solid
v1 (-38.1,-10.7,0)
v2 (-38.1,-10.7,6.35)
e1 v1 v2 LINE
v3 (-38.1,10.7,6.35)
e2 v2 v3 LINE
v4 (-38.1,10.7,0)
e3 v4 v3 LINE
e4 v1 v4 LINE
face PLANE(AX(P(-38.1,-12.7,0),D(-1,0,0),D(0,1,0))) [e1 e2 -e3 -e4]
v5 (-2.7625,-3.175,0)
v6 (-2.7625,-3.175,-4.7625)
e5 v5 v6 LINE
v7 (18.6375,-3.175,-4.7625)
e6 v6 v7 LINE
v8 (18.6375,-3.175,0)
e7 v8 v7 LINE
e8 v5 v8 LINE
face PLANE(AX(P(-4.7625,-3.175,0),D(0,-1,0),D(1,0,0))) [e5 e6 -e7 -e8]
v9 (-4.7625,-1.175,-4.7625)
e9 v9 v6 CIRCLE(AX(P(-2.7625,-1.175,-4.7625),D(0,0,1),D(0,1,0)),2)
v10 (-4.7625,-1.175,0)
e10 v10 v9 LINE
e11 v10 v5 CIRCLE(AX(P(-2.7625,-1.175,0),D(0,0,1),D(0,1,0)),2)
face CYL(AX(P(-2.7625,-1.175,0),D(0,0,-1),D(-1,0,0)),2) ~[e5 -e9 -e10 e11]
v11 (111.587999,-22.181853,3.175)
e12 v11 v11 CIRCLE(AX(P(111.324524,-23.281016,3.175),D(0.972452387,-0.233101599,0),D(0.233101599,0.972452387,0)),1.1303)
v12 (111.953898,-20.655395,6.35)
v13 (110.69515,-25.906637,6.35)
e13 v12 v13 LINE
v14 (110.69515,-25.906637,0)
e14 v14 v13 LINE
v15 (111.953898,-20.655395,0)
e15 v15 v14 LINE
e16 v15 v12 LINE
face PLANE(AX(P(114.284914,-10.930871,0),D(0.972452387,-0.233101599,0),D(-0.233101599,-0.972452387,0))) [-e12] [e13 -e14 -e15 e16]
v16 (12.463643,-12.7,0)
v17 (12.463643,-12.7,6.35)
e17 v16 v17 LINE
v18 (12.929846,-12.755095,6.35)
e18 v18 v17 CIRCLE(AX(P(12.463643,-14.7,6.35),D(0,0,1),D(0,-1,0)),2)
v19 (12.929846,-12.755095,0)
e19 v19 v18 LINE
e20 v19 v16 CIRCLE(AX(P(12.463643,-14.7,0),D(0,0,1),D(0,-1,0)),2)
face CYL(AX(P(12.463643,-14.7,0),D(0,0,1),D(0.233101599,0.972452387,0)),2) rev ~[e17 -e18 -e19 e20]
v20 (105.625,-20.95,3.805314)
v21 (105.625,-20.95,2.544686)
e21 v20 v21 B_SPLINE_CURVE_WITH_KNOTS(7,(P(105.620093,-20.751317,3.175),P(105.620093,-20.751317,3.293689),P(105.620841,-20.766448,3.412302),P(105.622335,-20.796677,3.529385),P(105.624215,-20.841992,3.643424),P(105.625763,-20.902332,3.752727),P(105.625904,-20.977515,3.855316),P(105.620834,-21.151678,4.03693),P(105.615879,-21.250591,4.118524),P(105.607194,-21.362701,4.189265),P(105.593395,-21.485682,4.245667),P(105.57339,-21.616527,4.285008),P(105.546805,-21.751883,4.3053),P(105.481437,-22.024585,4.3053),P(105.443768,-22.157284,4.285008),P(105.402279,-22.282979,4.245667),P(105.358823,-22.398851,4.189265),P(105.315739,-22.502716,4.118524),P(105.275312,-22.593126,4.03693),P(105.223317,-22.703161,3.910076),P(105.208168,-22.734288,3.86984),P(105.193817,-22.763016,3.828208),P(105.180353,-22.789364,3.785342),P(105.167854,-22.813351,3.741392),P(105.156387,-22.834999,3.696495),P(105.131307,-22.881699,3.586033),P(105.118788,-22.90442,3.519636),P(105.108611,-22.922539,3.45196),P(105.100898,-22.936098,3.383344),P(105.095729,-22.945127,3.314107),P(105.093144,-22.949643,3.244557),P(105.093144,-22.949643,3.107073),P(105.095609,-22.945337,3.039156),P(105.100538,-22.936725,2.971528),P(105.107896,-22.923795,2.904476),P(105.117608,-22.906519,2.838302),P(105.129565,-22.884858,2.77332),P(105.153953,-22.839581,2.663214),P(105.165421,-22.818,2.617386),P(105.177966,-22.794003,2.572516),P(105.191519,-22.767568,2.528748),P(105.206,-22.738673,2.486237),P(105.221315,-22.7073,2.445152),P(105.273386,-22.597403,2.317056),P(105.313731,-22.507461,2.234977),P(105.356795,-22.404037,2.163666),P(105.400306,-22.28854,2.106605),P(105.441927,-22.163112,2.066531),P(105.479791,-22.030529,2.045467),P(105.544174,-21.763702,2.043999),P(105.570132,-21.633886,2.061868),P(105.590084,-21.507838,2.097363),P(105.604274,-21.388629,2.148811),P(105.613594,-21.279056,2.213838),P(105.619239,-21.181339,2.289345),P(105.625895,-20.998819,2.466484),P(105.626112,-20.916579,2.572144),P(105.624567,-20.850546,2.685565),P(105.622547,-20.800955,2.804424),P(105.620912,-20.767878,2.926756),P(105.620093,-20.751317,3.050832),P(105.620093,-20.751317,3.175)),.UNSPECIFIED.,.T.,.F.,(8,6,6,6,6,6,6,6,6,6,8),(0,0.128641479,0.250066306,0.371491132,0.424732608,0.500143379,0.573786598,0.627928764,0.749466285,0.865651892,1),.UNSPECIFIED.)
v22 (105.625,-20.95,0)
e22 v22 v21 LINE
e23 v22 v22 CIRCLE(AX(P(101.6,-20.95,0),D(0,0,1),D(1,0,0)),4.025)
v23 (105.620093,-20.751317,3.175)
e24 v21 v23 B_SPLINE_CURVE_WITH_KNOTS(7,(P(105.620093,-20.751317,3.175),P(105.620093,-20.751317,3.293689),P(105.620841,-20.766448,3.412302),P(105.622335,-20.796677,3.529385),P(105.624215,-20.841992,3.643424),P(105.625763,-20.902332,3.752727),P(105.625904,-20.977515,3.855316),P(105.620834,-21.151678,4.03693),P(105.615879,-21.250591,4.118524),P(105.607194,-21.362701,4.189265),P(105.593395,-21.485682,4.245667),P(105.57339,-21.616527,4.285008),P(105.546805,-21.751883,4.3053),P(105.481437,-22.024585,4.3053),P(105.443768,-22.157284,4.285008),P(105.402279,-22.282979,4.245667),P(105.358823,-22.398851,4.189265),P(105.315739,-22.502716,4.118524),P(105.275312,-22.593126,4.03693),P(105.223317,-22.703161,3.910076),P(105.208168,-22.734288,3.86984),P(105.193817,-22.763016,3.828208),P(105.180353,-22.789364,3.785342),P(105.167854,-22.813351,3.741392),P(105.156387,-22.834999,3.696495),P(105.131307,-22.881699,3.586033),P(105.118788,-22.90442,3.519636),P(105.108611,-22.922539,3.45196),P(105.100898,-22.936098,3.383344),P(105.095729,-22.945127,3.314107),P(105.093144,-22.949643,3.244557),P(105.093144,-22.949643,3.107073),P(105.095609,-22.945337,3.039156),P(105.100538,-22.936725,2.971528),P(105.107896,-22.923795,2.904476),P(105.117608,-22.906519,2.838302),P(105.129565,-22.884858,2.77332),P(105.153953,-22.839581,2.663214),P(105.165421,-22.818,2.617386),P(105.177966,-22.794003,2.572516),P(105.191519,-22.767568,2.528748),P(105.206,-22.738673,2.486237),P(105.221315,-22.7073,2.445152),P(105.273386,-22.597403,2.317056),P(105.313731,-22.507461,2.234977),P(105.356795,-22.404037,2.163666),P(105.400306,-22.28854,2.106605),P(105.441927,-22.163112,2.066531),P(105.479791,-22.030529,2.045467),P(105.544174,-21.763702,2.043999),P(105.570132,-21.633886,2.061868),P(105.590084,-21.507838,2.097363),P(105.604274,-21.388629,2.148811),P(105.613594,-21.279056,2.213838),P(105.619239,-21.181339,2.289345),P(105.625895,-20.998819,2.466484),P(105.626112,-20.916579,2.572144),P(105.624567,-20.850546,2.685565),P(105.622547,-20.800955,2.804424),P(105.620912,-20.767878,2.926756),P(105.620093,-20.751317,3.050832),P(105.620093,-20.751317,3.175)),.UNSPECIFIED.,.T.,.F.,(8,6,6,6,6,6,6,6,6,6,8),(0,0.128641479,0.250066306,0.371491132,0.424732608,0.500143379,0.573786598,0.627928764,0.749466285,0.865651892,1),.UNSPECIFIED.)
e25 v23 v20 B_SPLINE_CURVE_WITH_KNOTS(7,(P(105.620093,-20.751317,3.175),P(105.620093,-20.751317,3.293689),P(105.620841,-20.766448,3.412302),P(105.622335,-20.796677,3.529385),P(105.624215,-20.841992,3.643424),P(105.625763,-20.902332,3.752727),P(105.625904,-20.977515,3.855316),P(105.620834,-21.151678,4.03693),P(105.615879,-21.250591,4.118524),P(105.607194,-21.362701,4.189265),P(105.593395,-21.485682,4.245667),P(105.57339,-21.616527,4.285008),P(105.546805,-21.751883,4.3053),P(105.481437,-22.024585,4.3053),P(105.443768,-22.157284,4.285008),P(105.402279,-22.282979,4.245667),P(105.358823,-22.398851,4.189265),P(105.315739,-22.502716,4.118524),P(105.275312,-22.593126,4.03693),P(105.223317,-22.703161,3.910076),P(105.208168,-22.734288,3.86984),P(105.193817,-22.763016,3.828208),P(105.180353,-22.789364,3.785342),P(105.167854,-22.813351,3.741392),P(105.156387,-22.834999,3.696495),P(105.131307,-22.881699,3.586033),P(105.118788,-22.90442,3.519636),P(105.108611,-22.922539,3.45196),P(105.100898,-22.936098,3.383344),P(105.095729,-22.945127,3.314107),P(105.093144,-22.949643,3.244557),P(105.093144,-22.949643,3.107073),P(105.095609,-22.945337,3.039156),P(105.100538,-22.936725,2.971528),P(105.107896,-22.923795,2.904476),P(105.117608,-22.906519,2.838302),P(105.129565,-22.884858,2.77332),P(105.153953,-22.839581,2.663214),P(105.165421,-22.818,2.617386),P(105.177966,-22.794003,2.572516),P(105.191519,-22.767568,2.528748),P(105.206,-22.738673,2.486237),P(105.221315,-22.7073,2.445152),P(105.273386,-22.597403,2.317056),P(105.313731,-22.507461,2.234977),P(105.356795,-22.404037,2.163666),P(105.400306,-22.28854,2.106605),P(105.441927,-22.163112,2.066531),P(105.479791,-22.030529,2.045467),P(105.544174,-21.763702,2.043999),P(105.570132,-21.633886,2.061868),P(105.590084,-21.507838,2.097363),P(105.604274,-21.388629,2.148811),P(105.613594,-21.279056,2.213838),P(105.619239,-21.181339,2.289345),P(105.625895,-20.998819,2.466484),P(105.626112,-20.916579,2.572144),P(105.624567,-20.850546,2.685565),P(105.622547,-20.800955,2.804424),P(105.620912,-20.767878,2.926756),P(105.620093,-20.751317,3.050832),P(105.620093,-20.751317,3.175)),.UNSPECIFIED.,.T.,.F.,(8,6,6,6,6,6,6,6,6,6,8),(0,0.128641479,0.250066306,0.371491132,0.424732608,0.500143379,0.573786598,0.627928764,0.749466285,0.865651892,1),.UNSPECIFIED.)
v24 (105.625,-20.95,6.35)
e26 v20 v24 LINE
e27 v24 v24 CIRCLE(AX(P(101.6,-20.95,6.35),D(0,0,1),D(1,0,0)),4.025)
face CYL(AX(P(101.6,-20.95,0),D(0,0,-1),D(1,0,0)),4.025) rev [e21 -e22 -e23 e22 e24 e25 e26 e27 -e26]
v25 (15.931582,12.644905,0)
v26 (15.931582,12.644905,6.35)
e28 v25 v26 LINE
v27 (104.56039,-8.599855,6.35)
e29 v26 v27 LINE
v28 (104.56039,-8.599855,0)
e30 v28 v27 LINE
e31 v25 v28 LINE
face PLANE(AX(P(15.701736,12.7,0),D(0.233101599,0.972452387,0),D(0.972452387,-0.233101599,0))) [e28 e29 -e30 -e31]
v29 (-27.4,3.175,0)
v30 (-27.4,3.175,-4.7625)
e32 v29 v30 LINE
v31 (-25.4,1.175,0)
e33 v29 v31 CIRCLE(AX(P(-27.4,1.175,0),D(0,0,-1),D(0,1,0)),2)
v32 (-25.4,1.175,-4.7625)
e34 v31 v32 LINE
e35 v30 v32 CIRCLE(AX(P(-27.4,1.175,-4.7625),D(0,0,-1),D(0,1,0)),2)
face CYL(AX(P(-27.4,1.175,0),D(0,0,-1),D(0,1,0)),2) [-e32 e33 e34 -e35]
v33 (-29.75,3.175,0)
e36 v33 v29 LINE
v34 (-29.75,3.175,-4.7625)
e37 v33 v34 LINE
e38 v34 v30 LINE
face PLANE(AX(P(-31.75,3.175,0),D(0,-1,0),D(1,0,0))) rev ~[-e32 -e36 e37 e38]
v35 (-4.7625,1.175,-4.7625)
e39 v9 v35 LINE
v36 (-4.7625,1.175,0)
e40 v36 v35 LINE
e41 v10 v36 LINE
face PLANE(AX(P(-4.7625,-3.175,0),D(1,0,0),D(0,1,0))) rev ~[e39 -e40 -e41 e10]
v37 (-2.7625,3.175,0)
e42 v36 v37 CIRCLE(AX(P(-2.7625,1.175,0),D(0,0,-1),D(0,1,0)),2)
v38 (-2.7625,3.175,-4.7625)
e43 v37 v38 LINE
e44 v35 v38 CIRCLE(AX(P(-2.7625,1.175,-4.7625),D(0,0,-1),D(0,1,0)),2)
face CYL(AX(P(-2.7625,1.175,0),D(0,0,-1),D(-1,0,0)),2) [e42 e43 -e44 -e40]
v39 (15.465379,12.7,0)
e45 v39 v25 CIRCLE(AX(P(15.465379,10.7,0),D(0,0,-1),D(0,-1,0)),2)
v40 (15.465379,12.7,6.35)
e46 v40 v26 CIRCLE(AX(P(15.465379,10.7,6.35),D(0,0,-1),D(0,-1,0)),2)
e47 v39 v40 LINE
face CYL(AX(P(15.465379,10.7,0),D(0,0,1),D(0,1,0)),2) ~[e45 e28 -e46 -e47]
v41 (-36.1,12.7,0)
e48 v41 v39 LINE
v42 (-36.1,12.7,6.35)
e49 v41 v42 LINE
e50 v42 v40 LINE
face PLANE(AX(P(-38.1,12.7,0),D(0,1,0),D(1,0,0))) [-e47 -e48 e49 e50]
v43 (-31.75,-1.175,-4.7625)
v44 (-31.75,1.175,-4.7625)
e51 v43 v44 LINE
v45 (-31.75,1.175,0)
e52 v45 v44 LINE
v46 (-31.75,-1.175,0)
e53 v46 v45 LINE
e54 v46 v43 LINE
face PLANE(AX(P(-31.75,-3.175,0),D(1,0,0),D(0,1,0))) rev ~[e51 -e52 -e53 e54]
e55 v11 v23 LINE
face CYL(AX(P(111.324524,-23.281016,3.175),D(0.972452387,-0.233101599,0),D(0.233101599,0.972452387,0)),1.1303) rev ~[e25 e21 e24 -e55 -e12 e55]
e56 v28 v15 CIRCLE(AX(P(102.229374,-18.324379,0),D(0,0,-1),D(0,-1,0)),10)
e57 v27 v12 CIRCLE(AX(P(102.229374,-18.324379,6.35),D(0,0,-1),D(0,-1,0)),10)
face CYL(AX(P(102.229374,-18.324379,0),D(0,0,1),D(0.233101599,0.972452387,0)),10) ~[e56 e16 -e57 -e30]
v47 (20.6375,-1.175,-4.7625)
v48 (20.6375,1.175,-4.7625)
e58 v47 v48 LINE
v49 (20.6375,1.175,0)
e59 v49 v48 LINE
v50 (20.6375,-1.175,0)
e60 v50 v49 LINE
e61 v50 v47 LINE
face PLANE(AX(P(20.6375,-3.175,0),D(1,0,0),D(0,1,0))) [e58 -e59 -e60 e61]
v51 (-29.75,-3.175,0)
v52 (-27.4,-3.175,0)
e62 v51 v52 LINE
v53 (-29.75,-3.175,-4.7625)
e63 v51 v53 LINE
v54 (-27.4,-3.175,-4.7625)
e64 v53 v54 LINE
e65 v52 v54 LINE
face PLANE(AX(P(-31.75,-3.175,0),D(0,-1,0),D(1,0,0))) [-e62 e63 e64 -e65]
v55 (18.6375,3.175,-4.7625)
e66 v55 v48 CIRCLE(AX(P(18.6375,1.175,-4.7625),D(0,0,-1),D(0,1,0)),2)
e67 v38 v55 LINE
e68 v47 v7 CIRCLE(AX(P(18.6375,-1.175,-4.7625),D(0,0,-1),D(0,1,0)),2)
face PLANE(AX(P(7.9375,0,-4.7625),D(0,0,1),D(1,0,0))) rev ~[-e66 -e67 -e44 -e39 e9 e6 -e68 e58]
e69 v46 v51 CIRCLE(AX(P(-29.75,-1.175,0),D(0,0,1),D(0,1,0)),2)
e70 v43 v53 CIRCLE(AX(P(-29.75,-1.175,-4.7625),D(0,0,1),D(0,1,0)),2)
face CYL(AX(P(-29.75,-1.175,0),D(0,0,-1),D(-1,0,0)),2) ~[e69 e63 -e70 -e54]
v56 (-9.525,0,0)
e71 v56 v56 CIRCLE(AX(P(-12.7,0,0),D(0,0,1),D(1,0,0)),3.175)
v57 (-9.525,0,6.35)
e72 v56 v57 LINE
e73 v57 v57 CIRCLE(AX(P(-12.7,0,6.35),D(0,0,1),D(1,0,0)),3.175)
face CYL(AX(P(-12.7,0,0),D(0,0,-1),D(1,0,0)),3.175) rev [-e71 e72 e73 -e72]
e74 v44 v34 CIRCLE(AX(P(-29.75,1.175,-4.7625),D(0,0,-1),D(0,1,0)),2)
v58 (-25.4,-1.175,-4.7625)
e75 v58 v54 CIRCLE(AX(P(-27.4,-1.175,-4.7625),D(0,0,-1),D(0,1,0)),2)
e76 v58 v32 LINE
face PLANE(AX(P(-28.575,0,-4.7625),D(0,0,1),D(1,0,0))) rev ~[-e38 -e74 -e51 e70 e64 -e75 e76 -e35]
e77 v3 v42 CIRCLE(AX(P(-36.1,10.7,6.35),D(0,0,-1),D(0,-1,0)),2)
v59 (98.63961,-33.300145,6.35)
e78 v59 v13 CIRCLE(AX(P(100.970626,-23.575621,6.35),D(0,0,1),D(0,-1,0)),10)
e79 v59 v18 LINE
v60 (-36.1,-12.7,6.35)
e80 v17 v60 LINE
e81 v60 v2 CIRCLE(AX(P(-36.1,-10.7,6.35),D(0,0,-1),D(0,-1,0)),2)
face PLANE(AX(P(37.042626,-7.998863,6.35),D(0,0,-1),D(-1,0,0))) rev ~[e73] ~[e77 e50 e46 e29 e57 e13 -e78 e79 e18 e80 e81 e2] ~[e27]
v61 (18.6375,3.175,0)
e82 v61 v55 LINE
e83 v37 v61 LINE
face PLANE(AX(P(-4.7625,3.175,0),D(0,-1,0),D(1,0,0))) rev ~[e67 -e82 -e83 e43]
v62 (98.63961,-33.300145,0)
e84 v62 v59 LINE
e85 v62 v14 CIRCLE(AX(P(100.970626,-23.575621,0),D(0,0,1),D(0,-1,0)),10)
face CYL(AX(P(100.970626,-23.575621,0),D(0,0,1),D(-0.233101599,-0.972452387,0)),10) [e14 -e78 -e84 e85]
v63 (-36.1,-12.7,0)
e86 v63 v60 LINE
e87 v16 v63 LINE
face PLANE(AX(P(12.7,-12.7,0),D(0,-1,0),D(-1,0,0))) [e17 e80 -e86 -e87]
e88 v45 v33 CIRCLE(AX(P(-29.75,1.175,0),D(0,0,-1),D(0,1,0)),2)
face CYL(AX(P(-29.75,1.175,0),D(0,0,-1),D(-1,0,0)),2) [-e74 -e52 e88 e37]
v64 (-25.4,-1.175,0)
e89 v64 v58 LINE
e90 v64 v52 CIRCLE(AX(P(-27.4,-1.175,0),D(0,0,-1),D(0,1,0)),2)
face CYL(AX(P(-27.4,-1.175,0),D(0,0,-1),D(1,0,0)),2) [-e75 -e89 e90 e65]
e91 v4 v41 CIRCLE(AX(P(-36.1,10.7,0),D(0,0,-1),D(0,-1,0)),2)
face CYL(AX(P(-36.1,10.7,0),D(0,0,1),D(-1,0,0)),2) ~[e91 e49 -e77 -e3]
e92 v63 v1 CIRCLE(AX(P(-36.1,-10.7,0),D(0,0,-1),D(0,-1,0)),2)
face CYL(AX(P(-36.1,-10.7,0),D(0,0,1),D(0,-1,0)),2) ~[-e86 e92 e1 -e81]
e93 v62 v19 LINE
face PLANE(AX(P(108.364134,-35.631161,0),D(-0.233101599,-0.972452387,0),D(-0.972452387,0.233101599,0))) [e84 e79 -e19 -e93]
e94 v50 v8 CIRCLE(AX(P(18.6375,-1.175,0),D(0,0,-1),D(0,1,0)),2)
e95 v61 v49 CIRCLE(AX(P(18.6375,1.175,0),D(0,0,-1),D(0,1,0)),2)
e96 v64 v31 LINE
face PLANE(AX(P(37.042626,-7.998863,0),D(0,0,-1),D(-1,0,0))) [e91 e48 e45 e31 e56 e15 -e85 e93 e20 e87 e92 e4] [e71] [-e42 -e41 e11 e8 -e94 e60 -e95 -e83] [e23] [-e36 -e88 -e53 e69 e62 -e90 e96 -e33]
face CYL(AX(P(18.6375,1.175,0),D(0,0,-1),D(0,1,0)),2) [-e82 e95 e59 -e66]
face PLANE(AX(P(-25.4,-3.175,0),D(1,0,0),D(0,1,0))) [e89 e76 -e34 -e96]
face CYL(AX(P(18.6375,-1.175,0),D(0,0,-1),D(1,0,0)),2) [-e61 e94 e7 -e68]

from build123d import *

# Parameters (mm, degrees)
SKETCH1_R               = 3.175
SKETCH1_R_2             = 4.025
BOSS_EXTRUDE1_DEPTH     = 6.35
CUT_EXTRUDE2_REACH      = 155.866
CUT_EXTRUDE2_END_RADIUS = 4.025
SKETCH3_R               = 1.1303
FILLET4_R               = 10
SKETCH4_W               = 6.35
SKETCH4_H               = 6.35
SKETCH4_W_2             = 25.4
BOSS_EXTRUDE2_DEPTH     = 4.7625
FILLET3_R               = 2


with BuildPart() as part:
    # Sketch1 → Boss-Extrude1 (new body)
    with BuildSketch(Plane.XY):
        Polygon((-38.1, -12.7), (-38.1, 12.7), (15.701735639, 12.7), (114.28491418, -10.930870684), (108.364133554, -35.631161305), (12.7, -12.7), align=None)
        with Locations((-12.7, 0)):
            Circle(SKETCH1_R, mode=Mode.SUBTRACT)
        with Locations((101.6, -20.95)):
            Circle(SKETCH1_R_2, mode=Mode.SUBTRACT)
    extrude(amount=BOSS_EXTRUDE1_DEPTH)

    # Cut-Extrude2: up to this cylinder (the profile starts outside it)
    cut_extrude2_end = Plane(origin=(101.6, -20.95, 3.175), z_dir=(0, 0, -1)) * Cylinder(CUT_EXTRUDE2_END_RADIUS, 320.782, mode=Mode.PRIVATE)
    # Sketch3 → Cut-Extrude2 (cut, up to the surface)
    with BuildSketch(Plane(origin=(110.552900462, -26.500071647, 0), x_dir=(0, 0, -1), z_dir=(0.9724523866696595, -0.23310159943784806, 0)), mode=Mode.PRIVATE) as cut_extrude2_sk1:
        with Locations(Location((-3.175, 3.310245002, 0), (0, 0, 90))):
            Circle(SKETCH3_R)
    cut_extrude2_tool1 = extrude(cut_extrude2_sk1.sketch, amount=-CUT_EXTRUDE2_REACH, mode=Mode.PRIVATE) - cut_extrude2_end
    add(cut_extrude2_tool1.solids().sort_by_distance((111.324524, -23.281016, 3.175))[0], mode=Mode.SUBTRACT)

    # Fillet4
    fillet4_edges = [part.edges().sort_by_distance(p)[0] for p in [
        (108.364133554, -35.631161305, 3.175),
        (114.28491418, -10.930870684, 3.175),
    ]]
    fillet(fillet4_edges, radius=FILLET4_R)

    # Sketch4 → Boss-Extrude2 (add)
    with BuildSketch(Plane.XY):
        with Locations((-28.575, 0)):
            Rectangle(SKETCH4_W, SKETCH4_H)
        with Locations((7.9375, 0)):
            Rectangle(SKETCH4_W_2, SKETCH4_H)
    extrude(amount=-BOSS_EXTRUDE2_DEPTH)

    # Fillet3
    fillet3_edges = [part.edges().sort_by_distance(p)[0] for p in [
        (12.7, -12.7, 3.175),
        (-38.1, -12.7, 3.175),
        (-38.1, 12.7, 3.175),
        (15.701735639, 12.7, 3.175),
        (-25.4, -3.175, -2.38125),
        (-31.75, -3.175, -2.38125),
        (-31.75, 3.175, -2.38125),
        (-25.4, 3.175, -2.38125),
        (20.6375, -3.175, -2.38125),
        (-4.7625, -3.175, -2.38125),
        (-4.7625, 3.175, -2.38125),
        (20.6375, 3.175, -2.38125),
    ]]
    fillet(fillet3_edges, radius=FILLET3_R)


solid = part.part
